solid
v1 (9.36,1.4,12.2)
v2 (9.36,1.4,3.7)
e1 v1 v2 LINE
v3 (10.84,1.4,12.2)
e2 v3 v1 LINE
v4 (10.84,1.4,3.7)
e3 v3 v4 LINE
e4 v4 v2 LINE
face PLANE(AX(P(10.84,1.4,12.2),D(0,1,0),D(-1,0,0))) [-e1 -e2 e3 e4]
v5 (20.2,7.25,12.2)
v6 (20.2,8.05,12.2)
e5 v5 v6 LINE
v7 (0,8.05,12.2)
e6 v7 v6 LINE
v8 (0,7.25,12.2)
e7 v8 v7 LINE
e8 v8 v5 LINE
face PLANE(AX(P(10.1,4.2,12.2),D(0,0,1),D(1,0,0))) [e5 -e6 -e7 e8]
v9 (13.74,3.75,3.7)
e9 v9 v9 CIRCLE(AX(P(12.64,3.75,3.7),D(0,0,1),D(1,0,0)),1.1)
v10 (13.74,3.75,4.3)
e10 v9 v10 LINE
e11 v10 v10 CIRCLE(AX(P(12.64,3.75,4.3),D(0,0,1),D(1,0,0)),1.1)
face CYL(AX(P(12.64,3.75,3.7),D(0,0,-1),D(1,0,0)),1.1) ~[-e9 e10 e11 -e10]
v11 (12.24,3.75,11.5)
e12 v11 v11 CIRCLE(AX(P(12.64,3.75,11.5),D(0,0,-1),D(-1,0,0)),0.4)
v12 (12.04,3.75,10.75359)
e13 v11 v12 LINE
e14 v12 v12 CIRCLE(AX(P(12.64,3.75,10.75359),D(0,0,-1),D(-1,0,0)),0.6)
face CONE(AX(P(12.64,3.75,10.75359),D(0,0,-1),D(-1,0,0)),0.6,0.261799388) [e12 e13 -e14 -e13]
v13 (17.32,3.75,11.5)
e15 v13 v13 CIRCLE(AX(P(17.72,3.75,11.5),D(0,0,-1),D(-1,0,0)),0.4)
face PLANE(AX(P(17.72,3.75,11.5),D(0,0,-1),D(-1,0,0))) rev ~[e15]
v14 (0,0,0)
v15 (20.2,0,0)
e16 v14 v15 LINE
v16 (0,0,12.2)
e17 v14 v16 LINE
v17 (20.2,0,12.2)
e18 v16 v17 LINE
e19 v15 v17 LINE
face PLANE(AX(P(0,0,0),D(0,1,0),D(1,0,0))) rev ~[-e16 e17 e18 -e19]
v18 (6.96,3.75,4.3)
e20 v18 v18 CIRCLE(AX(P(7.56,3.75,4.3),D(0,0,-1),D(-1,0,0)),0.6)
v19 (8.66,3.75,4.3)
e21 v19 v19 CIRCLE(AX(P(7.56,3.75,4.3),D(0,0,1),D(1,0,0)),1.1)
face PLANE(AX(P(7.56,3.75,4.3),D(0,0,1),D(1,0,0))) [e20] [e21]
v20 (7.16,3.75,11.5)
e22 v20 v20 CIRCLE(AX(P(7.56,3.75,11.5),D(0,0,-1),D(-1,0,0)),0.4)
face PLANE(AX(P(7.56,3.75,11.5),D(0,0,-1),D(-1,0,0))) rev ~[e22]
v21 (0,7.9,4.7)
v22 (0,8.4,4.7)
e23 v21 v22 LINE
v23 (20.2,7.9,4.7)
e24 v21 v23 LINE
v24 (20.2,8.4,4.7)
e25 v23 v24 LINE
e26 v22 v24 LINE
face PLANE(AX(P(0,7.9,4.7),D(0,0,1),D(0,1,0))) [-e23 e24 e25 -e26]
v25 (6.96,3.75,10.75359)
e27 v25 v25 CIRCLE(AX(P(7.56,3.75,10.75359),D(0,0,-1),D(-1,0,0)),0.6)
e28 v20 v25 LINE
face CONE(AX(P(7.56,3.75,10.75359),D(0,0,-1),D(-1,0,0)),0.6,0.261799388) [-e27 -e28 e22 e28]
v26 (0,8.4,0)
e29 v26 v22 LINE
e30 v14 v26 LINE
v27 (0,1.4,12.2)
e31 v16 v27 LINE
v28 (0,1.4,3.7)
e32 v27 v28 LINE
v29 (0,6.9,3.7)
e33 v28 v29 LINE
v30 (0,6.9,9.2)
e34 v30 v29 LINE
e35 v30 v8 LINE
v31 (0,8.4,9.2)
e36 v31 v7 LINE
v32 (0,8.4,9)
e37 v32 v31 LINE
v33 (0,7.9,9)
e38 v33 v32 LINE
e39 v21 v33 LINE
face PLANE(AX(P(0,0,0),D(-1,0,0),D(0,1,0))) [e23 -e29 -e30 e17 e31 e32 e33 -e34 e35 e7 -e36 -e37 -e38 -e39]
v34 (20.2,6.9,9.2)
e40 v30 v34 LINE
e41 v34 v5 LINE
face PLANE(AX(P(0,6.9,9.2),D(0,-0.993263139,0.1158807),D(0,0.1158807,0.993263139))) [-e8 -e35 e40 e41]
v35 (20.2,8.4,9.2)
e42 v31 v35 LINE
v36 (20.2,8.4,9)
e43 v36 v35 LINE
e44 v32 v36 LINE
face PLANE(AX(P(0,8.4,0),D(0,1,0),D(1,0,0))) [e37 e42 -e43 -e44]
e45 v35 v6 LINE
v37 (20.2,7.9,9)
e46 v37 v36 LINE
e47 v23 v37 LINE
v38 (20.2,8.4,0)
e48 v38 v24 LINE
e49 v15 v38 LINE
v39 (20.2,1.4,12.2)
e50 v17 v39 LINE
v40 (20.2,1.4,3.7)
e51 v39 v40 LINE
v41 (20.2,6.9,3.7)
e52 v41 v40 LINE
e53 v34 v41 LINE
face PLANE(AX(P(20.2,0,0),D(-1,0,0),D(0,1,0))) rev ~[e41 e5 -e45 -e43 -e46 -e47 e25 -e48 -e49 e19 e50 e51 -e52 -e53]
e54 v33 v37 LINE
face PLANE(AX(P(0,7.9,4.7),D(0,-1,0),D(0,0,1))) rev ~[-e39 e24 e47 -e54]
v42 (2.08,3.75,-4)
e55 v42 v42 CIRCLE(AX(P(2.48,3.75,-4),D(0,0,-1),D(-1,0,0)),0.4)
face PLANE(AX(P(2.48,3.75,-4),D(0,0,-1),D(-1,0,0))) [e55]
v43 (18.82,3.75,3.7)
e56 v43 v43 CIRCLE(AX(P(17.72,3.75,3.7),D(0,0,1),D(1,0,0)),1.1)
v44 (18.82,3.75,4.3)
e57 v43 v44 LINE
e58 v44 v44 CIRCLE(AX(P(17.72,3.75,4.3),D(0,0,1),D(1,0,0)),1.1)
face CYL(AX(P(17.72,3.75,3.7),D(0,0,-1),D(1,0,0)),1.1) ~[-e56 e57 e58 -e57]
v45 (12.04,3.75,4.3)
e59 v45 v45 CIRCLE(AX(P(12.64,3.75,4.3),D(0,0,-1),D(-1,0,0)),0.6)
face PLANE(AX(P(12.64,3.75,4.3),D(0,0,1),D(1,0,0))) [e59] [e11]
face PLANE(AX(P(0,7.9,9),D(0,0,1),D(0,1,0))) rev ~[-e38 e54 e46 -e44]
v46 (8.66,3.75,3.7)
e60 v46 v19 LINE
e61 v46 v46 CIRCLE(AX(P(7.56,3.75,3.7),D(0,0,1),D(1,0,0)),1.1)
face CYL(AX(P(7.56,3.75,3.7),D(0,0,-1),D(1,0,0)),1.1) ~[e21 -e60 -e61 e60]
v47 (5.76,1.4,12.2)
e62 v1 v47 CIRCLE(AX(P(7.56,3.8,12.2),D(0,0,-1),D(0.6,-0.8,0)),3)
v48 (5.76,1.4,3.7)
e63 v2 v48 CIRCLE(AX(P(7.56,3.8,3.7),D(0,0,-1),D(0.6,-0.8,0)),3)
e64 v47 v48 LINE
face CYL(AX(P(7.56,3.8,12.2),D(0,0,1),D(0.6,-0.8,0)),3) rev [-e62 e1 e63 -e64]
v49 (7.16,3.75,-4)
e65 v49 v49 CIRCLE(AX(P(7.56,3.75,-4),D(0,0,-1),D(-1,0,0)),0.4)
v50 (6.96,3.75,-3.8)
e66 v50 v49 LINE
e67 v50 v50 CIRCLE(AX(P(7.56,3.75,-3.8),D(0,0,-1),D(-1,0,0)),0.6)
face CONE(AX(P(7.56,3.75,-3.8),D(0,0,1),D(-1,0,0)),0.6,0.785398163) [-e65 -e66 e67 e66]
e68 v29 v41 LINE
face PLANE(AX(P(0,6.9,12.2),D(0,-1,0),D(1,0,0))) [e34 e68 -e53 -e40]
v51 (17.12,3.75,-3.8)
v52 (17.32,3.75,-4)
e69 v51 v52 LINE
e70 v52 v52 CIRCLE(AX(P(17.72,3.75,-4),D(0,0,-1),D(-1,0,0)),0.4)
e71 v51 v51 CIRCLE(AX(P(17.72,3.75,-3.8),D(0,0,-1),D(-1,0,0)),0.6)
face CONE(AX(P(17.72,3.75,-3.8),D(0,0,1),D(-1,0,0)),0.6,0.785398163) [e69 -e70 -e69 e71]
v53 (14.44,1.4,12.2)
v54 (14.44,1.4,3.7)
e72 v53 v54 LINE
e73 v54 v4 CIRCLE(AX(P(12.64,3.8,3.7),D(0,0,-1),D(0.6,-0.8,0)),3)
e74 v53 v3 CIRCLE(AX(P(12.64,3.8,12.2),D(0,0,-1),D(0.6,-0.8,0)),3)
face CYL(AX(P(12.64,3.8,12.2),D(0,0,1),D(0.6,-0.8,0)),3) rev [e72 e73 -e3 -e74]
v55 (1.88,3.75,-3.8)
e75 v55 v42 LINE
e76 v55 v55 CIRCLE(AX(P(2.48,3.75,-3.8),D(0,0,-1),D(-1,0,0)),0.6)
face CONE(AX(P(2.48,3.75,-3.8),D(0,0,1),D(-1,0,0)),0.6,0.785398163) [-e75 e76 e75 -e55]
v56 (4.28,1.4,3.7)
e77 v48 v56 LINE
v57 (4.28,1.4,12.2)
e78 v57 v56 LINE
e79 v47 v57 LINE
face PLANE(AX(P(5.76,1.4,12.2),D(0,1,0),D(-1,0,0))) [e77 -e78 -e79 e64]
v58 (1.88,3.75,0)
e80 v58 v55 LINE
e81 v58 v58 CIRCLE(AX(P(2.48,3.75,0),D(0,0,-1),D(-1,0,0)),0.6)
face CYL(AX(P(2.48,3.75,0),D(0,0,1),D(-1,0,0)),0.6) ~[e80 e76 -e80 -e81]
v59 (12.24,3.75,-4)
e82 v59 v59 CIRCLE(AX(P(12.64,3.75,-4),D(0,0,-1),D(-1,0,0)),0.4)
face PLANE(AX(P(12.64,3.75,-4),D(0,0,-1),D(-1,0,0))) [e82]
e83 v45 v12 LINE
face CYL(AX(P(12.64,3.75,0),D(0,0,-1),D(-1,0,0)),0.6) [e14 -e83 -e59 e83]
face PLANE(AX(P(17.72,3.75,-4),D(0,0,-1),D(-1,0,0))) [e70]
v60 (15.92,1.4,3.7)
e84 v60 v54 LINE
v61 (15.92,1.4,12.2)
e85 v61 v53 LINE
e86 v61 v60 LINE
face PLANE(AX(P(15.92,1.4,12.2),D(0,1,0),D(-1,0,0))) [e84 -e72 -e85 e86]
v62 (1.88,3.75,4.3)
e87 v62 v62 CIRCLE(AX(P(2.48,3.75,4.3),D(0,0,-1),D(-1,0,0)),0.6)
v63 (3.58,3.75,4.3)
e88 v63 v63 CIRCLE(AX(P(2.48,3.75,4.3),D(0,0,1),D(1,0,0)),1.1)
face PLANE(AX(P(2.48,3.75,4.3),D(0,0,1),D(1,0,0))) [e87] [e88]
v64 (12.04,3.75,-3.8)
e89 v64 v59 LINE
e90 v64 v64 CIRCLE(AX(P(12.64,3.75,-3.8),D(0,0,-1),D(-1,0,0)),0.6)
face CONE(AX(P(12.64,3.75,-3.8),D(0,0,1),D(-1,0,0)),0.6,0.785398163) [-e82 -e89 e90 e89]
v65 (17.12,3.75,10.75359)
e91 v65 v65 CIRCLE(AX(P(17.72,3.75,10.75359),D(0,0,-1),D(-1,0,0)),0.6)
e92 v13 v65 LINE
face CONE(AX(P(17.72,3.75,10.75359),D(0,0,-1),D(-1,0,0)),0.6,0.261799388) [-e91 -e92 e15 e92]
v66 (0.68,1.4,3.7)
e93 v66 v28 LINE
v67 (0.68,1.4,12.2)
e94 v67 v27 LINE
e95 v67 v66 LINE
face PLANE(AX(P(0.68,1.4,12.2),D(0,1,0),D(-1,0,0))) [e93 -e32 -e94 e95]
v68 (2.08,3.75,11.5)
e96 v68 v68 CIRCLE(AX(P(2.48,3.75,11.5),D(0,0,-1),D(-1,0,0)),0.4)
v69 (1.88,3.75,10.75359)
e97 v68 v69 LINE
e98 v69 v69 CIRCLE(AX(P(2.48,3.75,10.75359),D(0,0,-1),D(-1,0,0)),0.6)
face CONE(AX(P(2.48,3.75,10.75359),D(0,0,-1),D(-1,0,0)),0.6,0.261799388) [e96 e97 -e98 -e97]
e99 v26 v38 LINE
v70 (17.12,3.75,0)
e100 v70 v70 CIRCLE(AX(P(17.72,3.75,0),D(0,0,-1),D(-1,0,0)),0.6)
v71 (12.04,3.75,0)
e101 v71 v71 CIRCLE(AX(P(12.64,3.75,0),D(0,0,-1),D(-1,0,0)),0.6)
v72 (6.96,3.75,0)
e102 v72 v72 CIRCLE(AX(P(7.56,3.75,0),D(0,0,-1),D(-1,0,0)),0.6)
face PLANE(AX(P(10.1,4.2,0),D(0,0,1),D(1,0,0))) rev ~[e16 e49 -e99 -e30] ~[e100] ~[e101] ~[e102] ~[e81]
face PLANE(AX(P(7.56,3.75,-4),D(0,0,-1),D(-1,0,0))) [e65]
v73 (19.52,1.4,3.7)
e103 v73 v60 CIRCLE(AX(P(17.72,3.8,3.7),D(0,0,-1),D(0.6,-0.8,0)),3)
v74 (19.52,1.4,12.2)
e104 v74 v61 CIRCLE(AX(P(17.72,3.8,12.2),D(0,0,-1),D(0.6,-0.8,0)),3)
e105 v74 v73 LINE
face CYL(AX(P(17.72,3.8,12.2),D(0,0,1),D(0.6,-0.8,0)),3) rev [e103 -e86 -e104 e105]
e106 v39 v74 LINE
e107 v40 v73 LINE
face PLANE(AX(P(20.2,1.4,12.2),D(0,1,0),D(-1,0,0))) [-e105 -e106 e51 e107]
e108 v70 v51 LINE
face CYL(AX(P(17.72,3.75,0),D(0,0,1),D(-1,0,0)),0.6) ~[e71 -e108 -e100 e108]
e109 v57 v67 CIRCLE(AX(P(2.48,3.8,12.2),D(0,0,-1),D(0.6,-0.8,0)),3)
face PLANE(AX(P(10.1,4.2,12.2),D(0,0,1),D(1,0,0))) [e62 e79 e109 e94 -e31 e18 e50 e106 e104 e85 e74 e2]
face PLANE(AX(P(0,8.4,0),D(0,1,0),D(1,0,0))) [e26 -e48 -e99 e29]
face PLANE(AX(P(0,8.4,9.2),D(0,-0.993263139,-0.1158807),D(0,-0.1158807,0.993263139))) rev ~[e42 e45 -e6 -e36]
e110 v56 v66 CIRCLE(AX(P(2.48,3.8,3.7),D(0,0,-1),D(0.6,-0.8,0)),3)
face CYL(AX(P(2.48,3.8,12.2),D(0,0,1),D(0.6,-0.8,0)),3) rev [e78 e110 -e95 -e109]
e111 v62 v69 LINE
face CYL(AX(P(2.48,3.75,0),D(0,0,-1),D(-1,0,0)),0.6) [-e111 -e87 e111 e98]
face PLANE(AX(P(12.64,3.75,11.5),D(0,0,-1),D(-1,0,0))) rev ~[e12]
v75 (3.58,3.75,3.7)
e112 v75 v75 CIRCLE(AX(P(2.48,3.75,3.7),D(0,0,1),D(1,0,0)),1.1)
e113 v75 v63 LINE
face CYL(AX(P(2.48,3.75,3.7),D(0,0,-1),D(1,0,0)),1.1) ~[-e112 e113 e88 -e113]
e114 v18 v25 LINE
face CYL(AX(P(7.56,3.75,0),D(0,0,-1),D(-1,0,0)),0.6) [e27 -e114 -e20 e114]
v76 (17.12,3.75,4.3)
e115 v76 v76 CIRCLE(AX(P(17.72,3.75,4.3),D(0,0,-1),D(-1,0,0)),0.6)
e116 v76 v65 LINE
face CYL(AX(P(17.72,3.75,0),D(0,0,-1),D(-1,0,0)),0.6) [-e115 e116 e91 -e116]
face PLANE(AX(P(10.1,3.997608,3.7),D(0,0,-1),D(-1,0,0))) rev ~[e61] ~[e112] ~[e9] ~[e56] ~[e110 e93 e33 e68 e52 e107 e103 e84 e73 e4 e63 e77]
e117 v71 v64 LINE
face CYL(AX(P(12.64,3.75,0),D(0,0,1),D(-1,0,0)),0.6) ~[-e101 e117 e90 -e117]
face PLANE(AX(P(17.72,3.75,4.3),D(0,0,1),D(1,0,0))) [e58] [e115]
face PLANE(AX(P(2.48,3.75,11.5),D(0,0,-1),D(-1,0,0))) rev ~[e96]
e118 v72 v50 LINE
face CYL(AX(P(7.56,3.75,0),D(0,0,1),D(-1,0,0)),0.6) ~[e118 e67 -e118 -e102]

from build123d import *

# Parameters (mm, degrees)
ESQUISSE1_W             = 20.2
ESQUISSE1_H             = 8.4
BOSS_EXTRU_1_DEPTH      = 12.2
ENL_V_MAT_EXTRU_1_DEPTH = 8.5
ESQUISSE3_W             = 4.3
ESQUISSE3_H             = 0.5
ENL_V_MAT_EXTRU_2_DEPTH = 21.2
ESQUISSE4_R             = 0.6
BOSS_EXTRU_2_DEPTH      = 4
BOSS_EXTRU_2_DEPTH_BACK = 11.5
CHANFREIN1_SIZE         = 0.2
CHANFREIN1_SIZE2        = 0.746410162
CHANFREIN1_PART_2_SIZE  = 0.2
CHANFREIN1_PART_2_SIZE2 = 0.746410162
CHANFREIN1_PART_3_SIZE  = 0.2
CHANFREIN1_PART_3_SIZE2 = 0.746410162
CHANFREIN1_PART_4_SIZE  = 0.2
CHANFREIN1_PART_4_SIZE2 = 0.746410162
CHANFREIN2_SIZE         = 0.2
ESQUISSE5_R             = 1.1
BOSS_EXTRU_3_DEPTH      = 0.6


with BuildPart() as part:
    # Esquisse1 → Boss.-Extru.1 (new body)
    with BuildSketch(Plane.XY):
        with Locations((10.1, 4.2)):
            Rectangle(ESQUISSE1_W, ESQUISSE1_H)
    extrude(amount=BOSS_EXTRU_1_DEPTH)

    # Esquisse2 → Enlèv. mat.-Extru.1 (cut)
    with BuildSketch(Plane.XY.offset(12.2)):
        with BuildLine():
            Line((0, 1.4), (0, 6.9))
            Line((0, 6.9), (20.2, 6.9))
            Line((20.2, 6.9), (20.2, 1.4))
            Line((20.2, 1.4), (19.52, 1.4))
            ThreePointArc((19.52, 1.4), (17.72, 0.8), (15.92, 1.4))
            Line((15.92, 1.4), (14.44, 1.4))
            ThreePointArc((14.44, 1.4), (12.64, 0.8), (10.84, 1.4))
            Line((10.84, 1.4), (9.36, 1.4))
            ThreePointArc((9.36, 1.4), (7.56, 0.8), (5.76, 1.4))
            Line((5.76, 1.4), (4.28, 1.4))
            ThreePointArc((4.28, 1.4), (2.48, 0.8), (0.68, 1.4))
            Line((0.68, 1.4), (0, 1.4))
        make_face()
    extrude(amount=-ENL_V_MAT_EXTRU_1_DEPTH, mode=Mode.SUBTRACT)

    # Esquisse3 → Enlèv. mat.-Extru.2 (cut, through all)
    with BuildSketch(Plane.ZY):
        with Locations((6.85, 8.15)):
            Rectangle(ESQUISSE3_W, ESQUISSE3_H)
        Polygon((12.2, 8.4), (9.2, 8.4), (12.2, 8.05), align=None)
        Polygon((12.2, 7.25), (12.2, 6.9), (9.2, 6.9), align=None)
    extrude(amount=-ENL_V_MAT_EXTRU_2_DEPTH, mode=Mode.SUBTRACT)

    # Esquisse4 → Boss.-Extru.2 (add, two sides)
    with BuildSketch(Plane(origin=(0, 0, 0), x_dir=(-1, 0, 0), z_dir=(0, 0, -1))) as boss_extru_2_sk:
        with Locations((-17.72, 3.75)):
            Circle(ESQUISSE4_R)
        with Locations((-12.64, 3.75)):
            Circle(ESQUISSE4_R)
        with Locations((-2.48, 3.75)):
            Circle(ESQUISSE4_R)
        with Locations((-7.56, 3.75)):
            Circle(ESQUISSE4_R)
    extrude(amount=BOSS_EXTRU_2_DEPTH)
    extrude(boss_extru_2_sk.sketch, amount=-BOSS_EXTRU_2_DEPTH_BACK)

    # Chanfrein1
    chanfrein1_edges = [part.edges().sort_by_distance(p)[0] for p in [
        (8.16, 3.75, 11.5),
    ]]
    chanfrein1_side = [part.faces().sort_by_distance(p)[0] for p in [
        (7.56, 3.75, 11.5),
    ]]
    chamfer(chanfrein1_edges, length=CHANFREIN1_SIZE, length2=CHANFREIN1_SIZE2, reference=chanfrein1_side[0])

    # Chanfrein1 part 2
    chanfrein1_part_2_edges = [part.edges().sort_by_distance(p)[0] for p in [
        (18.32, 3.75, 11.5),
    ]]
    chanfrein1_part_2_side = [part.faces().sort_by_distance(p)[0] for p in [
        (17.72, 3.75, 11.5),
    ]]
    chamfer(chanfrein1_part_2_edges, length=CHANFREIN1_PART_2_SIZE, length2=CHANFREIN1_PART_2_SIZE2, reference=chanfrein1_part_2_side[0])

    # Chanfrein1 part 3
    chanfrein1_part_3_edges = [part.edges().sort_by_distance(p)[0] for p in [
        (13.24, 3.75, 11.5),
    ]]
    chanfrein1_part_3_side = [part.faces().sort_by_distance(p)[0] for p in [
        (12.64, 3.75, 11.5),
    ]]
    chamfer(chanfrein1_part_3_edges, length=CHANFREIN1_PART_3_SIZE, length2=CHANFREIN1_PART_3_SIZE2, reference=chanfrein1_part_3_side[0])

    # Chanfrein1 part 4
    chanfrein1_part_4_edges = [part.edges().sort_by_distance(p)[0] for p in [
        (3.08, 3.75, 11.5),
    ]]
    chanfrein1_part_4_side = [part.faces().sort_by_distance(p)[0] for p in [
        (2.48, 3.75, 11.5),
    ]]
    chamfer(chanfrein1_part_4_edges, length=CHANFREIN1_PART_4_SIZE, length2=CHANFREIN1_PART_4_SIZE2, reference=chanfrein1_part_4_side[0])

    # Chanfrein2
    chanfrein2_edges = [part.edges().sort_by_distance(p)[0] for p in [
        (8.16, 3.75, -4),
        (18.32, 3.75, -4),
        (13.24, 3.75, -4),
        (3.08, 3.75, -4),
    ]]
    chamfer(chanfrein2_edges, length=CHANFREIN2_SIZE)

    # Esquisse5 → Boss.-Extru.3 (add)
    with BuildSketch(Plane.XY.offset(3.7)):
        with Locations((12.64, 3.75)):
            Circle(ESQUISSE5_R)
        with Locations((17.72, 3.75)):
            Circle(ESQUISSE5_R)
        with Locations((7.56, 3.75)):
            Circle(ESQUISSE5_R)
        with Locations((2.48, 3.75)):
            Circle(ESQUISSE5_R)
    extrude(amount=BOSS_EXTRU_3_DEPTH)


solid = part.part
